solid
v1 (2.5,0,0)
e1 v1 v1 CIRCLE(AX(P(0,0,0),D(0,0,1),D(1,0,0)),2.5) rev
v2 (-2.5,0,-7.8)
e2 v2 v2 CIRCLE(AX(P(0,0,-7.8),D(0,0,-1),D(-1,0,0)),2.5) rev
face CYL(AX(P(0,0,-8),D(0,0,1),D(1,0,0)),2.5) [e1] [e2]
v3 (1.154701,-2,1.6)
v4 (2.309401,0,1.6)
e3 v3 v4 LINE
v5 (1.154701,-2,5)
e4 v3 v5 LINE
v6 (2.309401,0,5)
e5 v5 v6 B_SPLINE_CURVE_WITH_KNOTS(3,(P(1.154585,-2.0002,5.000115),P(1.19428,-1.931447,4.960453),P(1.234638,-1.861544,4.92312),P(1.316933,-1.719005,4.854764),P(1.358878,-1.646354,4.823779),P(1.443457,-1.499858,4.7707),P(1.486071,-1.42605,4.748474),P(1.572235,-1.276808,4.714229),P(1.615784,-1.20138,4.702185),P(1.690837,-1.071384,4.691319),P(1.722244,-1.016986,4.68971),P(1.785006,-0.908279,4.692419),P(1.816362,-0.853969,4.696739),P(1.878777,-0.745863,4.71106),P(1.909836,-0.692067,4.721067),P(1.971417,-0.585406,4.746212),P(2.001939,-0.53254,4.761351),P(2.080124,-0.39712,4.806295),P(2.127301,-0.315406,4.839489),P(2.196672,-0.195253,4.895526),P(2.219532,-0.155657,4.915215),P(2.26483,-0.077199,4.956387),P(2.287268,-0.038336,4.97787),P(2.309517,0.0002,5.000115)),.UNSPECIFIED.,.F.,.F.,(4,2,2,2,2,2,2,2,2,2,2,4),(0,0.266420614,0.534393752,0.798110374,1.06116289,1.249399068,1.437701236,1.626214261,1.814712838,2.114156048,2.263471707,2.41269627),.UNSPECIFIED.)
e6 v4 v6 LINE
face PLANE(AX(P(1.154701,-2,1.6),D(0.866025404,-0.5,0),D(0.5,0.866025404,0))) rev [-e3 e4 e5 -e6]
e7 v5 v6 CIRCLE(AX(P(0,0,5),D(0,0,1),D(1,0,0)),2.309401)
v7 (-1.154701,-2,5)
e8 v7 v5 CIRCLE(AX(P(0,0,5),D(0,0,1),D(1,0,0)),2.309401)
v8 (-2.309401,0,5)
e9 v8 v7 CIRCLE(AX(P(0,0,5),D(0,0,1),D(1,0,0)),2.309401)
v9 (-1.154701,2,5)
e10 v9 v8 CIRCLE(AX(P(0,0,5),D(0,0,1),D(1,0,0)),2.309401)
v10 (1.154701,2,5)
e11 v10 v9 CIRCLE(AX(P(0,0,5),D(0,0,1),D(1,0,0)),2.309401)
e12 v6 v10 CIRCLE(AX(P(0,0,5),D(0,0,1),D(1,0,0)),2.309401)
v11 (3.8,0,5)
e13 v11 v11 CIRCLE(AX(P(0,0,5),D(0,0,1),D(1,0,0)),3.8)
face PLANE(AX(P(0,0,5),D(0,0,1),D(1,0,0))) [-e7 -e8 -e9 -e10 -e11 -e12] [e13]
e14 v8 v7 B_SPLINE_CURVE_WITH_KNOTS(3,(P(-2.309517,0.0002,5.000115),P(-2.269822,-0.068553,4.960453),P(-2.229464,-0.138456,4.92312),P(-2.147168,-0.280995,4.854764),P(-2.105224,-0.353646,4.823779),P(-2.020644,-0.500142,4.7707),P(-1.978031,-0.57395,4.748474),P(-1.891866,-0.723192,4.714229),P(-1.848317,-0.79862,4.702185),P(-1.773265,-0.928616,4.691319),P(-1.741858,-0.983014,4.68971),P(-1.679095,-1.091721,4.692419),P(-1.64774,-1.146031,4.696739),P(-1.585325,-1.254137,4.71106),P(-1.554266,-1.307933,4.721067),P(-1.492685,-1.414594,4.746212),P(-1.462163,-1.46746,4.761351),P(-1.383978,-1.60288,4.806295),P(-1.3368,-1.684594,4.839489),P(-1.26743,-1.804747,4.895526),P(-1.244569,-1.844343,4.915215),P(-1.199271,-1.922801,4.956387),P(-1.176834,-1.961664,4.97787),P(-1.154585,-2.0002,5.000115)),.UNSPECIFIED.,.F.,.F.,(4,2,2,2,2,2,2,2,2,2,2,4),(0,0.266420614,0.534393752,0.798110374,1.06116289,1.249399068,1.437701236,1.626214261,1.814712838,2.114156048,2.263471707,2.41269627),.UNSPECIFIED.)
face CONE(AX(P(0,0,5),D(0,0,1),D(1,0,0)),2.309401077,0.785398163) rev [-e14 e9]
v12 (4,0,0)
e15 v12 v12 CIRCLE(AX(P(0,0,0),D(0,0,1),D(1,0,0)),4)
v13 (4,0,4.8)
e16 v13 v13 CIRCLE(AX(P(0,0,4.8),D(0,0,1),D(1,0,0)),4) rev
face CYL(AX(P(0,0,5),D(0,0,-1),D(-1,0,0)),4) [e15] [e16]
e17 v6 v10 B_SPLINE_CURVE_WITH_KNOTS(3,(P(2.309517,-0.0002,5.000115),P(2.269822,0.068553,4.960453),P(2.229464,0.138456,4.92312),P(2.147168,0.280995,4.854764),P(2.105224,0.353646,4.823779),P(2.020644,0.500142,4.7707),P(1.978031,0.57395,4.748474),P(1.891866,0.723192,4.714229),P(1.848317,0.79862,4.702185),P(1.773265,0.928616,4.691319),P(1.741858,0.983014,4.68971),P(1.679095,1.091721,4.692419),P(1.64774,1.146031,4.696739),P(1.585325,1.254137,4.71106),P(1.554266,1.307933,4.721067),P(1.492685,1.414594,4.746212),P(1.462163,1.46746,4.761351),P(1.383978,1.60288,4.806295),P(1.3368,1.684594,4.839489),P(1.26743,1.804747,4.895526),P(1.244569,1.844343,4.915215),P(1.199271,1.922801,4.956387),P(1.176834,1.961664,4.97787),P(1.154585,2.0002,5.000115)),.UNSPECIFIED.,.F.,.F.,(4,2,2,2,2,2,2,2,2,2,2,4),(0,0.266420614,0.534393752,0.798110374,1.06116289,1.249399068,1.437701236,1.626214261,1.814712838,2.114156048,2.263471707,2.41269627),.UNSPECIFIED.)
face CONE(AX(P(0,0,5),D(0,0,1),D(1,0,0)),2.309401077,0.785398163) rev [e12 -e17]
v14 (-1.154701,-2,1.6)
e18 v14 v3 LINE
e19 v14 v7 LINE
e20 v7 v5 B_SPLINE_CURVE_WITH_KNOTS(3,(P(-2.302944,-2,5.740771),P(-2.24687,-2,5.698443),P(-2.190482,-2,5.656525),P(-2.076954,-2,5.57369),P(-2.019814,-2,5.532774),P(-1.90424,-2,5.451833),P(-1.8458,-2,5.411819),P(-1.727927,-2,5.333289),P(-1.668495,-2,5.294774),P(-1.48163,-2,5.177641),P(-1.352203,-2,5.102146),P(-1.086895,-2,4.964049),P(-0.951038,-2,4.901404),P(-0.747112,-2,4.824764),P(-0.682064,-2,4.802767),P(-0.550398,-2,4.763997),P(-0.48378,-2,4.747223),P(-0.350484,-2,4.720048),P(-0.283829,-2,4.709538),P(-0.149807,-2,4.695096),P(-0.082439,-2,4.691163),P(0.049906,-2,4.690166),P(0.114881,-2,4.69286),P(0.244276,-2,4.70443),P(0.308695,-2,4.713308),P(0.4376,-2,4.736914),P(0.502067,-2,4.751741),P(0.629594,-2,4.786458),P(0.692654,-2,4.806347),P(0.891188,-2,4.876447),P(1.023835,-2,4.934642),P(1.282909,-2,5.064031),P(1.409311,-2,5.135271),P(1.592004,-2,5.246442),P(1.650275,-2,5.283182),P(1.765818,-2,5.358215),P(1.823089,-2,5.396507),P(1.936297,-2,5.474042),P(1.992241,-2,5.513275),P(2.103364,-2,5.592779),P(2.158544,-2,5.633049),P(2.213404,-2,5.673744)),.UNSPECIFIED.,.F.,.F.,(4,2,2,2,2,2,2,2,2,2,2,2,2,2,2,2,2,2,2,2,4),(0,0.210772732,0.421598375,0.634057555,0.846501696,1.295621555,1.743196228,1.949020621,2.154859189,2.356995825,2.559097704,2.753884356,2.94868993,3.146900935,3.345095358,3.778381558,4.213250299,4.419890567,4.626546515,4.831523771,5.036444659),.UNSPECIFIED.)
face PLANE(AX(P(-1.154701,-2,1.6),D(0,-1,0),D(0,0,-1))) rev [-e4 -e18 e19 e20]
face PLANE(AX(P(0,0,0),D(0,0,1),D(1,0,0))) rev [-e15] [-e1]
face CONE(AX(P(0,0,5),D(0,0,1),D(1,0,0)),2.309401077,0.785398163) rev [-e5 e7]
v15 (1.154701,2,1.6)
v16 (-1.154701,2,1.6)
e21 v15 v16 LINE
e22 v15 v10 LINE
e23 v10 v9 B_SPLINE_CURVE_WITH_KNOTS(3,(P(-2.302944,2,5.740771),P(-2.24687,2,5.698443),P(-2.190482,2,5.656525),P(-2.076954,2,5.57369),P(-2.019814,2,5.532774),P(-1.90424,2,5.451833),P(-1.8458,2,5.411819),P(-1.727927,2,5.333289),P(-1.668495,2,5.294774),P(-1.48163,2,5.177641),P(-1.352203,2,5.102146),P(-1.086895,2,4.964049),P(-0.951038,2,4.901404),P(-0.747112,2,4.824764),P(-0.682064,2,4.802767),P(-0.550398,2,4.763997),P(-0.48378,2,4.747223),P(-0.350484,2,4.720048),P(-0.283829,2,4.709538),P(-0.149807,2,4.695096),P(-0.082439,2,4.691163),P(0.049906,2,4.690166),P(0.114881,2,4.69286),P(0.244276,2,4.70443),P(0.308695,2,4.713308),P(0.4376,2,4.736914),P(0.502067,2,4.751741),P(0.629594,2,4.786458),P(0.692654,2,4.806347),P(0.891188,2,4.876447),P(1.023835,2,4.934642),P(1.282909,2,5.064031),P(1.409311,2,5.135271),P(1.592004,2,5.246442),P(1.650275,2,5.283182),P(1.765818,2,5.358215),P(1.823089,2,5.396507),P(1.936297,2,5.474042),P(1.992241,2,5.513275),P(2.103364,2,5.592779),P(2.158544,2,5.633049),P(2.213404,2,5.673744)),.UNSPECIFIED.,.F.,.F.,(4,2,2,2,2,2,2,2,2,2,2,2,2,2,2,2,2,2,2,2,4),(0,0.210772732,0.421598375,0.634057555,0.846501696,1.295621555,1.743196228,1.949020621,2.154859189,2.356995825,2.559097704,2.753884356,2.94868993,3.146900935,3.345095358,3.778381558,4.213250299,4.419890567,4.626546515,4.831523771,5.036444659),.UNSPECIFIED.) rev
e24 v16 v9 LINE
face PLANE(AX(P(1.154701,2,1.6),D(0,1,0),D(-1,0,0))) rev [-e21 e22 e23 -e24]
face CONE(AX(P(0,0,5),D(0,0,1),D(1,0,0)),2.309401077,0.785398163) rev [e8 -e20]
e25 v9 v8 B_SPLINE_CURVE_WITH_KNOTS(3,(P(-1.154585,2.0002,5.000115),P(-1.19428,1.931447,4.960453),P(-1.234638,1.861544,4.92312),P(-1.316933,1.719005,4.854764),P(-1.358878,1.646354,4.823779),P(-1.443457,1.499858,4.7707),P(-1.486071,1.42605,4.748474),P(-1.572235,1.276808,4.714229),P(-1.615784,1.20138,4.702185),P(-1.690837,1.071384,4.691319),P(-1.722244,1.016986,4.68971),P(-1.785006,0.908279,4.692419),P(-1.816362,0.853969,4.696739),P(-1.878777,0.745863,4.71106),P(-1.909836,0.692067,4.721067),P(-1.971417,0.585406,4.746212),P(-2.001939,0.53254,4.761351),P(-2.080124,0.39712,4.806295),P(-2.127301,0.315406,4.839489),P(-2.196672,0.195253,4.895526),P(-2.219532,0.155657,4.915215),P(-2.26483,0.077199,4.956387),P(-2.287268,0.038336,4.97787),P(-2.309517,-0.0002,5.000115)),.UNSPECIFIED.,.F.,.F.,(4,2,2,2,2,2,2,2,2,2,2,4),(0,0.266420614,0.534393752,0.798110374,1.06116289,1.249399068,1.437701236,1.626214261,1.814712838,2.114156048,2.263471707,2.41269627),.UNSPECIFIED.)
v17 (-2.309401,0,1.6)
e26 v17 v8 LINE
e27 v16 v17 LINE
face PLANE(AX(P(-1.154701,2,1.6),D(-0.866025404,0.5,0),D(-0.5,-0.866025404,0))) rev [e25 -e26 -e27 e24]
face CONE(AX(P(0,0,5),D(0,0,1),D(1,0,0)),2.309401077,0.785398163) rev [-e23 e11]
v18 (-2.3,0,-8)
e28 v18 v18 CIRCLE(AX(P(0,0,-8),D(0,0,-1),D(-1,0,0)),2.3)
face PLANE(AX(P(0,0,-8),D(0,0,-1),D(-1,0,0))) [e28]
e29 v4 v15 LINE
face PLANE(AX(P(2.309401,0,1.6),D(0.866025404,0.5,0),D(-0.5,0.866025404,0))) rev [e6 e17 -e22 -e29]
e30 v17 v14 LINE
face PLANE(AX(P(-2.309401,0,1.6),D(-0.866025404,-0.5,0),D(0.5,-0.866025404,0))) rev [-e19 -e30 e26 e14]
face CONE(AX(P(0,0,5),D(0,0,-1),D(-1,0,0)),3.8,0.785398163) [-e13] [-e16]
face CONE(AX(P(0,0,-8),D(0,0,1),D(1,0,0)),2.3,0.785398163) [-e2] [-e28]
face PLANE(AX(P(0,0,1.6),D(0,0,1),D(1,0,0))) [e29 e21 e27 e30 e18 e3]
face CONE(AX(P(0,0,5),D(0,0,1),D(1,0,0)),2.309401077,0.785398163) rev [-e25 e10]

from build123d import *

# Parameters (mm, degrees)
SKETCH_1_R          = 4
EXTRUDE_1_DEPTH     = 5
CUT_EXTRUDE_1_DEPTH = 3.4
SKETCH_3_R          = 2.309401077
CUT_EXTRUDE_2_DEPTH = 3.4
CUT_EXTRUDE_2_DRAFT = -45
CHAMFER_1_SIZE      = 0.2
SKETCH_4_R          = 2.5
EXTRUDE_2_DEPTH     = 8
CHAMFER_2_SIZE      = 0.2


with BuildPart() as part:
    # Эскиз1 → Бобышка-Вытянуть1 (new body)
    with BuildSketch(Plane.XY):
        Circle(SKETCH_1_R)
    extrude(amount=EXTRUDE_1_DEPTH)

    # Эскиз2 → Вырез-Вытянуть1 (cut)
    with BuildSketch(Plane.XY.offset(5)):
        Polygon((2.309401077, 0), (1.154700538, 2), (-1.154700538, 2), (-2.309401077, 0), (-1.154700538, -2), (1.154700538, -2), align=None)
    extrude(amount=-CUT_EXTRUDE_1_DEPTH, mode=Mode.SUBTRACT)


with BuildPart() as cut_extrude_2_tool:
    # Эскиз3 → Вырез-Вытянуть2 (with draft: the straight prism first)
    with BuildSketch(Plane.XY.offset(5)):
        Circle(SKETCH_3_R)
    extrude(amount=-CUT_EXTRUDE_2_DEPTH)
    # Вырез-Вытянуть2: the draft: its side faces are tilted about the plane it starts from
    cut_extrude_2_sides = [cut_extrude_2_tool.faces().sort_by_distance(p)[0] for p in [
        (-2.309401077, 0, 3.3),
    ]]
    draft(cut_extrude_2_sides, Plane.XY.offset(5), CUT_EXTRUDE_2_DRAFT)


with BuildPart() as part_1:
    add(part.part)

    # Вырез-Вытянуть2: cut by cut_extrude_2_tool
    add(cut_extrude_2_tool.part, mode=Mode.SUBTRACT)

    # Фаска1
    chamfer_1_edges = [part_1.edges().sort_by_distance(p)[0] for p in [
        (-4, 0, 5),
    ]]
    chamfer(chamfer_1_edges, length=CHAMFER_1_SIZE)

    # Эскиз4 → Бобышка-Вытянуть2 (add)
    with BuildSketch(Plane(origin=(0, 0, 0), x_dir=(-1, 0, 0), z_dir=(0, 0, -1))):
        Circle(SKETCH_4_R)
    extrude(amount=EXTRUDE_2_DEPTH)

    # Фаска2
    chamfer_2_edges = [part_1.edges().sort_by_distance(p)[0] for p in [
        (2.5, 0, -8),
    ]]
    chamfer(chamfer_2_edges, length=CHAMFER_2_SIZE)


solid = part_1.part
